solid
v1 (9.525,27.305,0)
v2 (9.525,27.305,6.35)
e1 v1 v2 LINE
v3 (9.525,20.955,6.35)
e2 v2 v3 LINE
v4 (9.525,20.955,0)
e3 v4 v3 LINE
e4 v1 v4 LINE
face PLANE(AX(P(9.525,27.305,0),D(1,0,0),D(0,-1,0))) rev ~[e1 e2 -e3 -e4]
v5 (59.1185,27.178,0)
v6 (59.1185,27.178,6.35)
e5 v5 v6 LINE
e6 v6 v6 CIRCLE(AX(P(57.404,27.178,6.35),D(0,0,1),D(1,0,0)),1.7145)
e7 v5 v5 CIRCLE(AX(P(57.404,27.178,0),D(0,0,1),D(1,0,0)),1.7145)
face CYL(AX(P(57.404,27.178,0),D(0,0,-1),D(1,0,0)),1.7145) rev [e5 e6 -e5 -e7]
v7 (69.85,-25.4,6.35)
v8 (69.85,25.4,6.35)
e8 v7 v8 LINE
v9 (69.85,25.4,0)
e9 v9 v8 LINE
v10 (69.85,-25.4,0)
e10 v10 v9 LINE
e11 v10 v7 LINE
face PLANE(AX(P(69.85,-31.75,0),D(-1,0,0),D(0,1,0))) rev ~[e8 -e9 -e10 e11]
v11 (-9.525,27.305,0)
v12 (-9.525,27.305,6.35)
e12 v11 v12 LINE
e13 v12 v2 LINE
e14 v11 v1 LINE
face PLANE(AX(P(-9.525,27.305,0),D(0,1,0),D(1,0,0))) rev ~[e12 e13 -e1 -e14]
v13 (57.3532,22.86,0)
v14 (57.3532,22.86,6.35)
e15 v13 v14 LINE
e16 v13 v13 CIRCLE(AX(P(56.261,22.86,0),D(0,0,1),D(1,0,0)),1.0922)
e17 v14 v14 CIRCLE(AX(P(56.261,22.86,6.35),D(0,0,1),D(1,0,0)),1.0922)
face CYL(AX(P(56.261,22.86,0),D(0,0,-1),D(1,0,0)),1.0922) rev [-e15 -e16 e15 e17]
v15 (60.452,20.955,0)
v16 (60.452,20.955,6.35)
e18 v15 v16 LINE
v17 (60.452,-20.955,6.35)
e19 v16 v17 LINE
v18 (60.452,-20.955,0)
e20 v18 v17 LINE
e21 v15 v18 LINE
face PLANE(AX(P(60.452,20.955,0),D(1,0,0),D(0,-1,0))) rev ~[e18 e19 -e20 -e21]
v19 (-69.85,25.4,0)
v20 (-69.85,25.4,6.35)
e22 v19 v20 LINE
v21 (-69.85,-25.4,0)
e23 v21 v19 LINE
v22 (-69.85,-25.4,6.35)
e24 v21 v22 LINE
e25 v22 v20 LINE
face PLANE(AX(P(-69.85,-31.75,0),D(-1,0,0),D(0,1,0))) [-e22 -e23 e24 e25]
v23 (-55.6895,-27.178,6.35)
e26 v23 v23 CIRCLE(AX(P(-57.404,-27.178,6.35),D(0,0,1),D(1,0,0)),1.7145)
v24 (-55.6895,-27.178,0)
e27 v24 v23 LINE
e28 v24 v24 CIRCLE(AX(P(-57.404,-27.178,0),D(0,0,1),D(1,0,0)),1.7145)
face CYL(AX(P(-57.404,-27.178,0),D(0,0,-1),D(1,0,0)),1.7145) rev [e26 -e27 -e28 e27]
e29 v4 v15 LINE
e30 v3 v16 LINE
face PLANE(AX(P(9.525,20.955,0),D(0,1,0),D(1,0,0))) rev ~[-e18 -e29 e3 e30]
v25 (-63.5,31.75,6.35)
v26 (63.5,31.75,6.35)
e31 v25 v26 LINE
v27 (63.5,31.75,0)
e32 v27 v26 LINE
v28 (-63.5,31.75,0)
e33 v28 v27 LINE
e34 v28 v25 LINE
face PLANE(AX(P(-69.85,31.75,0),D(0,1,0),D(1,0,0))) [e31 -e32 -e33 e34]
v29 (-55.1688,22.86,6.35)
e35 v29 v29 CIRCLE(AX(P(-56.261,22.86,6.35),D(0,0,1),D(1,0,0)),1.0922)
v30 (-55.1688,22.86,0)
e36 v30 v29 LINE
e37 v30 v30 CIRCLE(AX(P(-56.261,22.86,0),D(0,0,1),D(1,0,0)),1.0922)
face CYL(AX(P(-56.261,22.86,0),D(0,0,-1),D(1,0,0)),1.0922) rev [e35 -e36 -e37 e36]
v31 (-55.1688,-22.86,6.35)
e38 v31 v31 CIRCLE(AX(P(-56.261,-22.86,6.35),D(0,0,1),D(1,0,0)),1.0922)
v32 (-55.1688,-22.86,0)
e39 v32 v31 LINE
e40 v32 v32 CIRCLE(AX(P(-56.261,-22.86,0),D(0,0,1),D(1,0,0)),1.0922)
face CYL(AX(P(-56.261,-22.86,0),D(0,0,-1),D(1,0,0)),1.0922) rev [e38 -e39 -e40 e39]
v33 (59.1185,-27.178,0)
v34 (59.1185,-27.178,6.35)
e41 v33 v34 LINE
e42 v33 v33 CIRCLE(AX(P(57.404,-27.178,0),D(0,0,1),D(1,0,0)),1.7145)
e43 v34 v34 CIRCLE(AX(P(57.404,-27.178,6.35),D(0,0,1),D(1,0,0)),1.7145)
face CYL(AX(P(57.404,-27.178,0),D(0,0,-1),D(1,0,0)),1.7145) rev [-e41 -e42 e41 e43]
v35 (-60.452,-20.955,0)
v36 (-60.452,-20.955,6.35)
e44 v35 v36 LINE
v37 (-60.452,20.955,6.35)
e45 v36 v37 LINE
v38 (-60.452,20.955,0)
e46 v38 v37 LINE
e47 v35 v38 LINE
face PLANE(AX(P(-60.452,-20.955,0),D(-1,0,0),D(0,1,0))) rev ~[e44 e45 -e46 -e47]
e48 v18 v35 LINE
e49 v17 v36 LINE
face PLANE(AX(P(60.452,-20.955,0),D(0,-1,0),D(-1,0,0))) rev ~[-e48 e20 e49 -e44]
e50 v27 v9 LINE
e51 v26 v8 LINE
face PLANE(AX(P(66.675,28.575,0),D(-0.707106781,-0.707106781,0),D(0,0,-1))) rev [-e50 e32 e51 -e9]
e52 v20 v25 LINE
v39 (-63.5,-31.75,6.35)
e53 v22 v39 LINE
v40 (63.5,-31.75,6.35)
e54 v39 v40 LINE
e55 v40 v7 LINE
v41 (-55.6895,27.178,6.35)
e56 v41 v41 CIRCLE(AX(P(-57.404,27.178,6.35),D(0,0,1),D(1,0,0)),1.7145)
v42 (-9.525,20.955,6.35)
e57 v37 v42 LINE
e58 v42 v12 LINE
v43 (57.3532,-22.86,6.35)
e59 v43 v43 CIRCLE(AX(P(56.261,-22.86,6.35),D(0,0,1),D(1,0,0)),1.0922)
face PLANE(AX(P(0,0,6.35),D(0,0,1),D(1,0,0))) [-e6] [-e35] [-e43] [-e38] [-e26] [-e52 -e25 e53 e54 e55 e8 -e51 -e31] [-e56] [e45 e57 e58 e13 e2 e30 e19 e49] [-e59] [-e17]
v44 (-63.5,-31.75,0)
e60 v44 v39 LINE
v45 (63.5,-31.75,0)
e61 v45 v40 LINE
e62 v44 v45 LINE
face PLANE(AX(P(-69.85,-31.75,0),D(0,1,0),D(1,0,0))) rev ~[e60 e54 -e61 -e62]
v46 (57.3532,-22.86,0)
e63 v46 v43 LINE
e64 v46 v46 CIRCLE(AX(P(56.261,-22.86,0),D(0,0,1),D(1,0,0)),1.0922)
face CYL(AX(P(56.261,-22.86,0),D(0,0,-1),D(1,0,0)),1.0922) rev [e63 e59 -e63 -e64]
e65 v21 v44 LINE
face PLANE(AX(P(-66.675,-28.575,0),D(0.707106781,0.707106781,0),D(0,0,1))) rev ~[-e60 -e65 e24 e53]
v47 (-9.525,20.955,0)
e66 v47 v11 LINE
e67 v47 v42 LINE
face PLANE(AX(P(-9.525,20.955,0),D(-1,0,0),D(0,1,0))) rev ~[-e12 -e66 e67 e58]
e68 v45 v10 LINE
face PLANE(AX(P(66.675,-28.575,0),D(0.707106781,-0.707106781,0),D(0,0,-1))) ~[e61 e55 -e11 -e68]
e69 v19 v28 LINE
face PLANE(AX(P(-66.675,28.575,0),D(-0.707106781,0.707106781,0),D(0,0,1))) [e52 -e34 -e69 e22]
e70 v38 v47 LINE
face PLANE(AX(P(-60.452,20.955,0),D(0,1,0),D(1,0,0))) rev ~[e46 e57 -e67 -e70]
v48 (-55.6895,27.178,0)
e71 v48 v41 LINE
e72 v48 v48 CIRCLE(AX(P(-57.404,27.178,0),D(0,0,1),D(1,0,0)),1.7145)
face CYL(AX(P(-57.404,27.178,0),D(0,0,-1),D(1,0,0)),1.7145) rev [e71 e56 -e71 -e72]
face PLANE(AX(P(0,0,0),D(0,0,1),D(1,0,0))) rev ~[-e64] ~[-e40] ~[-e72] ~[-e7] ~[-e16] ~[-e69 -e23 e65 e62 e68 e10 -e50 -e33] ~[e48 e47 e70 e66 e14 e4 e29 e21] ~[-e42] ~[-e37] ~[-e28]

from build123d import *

# Parameters (mm, degrees)
F0_W     = 139.7
F0_H     = 63.5
F0_R     = 1.7145
F0_R_2   = 1.0922
F1_DEPTH = 6.35
F2_SIZE  = 6.35


with BuildPart() as f1:
    # F0 (on Top) → F1 (new body)
    with BuildSketch(Plane.XY):
        Rectangle(F0_W, F0_H)
        with Locations((-57.404, -27.178)):
            Circle(F0_R, mode=Mode.SUBTRACT)
        with Locations((-56.261, -22.86)):
            Circle(F0_R_2, mode=Mode.SUBTRACT)
        with Locations((57.404, -27.178)):
            Circle(F0_R, mode=Mode.SUBTRACT)
        with Locations((56.261, -22.86)):
            Circle(F0_R_2, mode=Mode.SUBTRACT)
        with Locations((-56.261, 22.86)):
            Circle(F0_R_2, mode=Mode.SUBTRACT)
        with Locations((-57.404, 27.178)):
            Circle(F0_R, mode=Mode.SUBTRACT)
        Polygon((9.525, 20.955), (60.452, 20.955), (60.452, -20.955), (-60.452, -20.955), (-60.452, 20.955), (-9.525, 20.955), (-9.525, 27.305), (9.525, 27.305), align=None, mode=Mode.SUBTRACT)
        with Locations((56.261, 22.86)):
            Circle(F0_R_2, mode=Mode.SUBTRACT)
        with Locations((57.404, 27.178)):
            Circle(F0_R, mode=Mode.SUBTRACT)
    extrude(amount=F1_DEPTH)

    # F2
    f2_edges = [f1.edges().sort_by_distance(p)[0] for p in [
        (-69.85, -31.75, 3.175),
        (69.85, 31.75, 3.175),
        (-69.85, 31.75, 3.175),
        (69.85, -31.75, 3.175),
    ]]
    chamfer(f2_edges, length=F2_SIZE)


solid = f1.part
